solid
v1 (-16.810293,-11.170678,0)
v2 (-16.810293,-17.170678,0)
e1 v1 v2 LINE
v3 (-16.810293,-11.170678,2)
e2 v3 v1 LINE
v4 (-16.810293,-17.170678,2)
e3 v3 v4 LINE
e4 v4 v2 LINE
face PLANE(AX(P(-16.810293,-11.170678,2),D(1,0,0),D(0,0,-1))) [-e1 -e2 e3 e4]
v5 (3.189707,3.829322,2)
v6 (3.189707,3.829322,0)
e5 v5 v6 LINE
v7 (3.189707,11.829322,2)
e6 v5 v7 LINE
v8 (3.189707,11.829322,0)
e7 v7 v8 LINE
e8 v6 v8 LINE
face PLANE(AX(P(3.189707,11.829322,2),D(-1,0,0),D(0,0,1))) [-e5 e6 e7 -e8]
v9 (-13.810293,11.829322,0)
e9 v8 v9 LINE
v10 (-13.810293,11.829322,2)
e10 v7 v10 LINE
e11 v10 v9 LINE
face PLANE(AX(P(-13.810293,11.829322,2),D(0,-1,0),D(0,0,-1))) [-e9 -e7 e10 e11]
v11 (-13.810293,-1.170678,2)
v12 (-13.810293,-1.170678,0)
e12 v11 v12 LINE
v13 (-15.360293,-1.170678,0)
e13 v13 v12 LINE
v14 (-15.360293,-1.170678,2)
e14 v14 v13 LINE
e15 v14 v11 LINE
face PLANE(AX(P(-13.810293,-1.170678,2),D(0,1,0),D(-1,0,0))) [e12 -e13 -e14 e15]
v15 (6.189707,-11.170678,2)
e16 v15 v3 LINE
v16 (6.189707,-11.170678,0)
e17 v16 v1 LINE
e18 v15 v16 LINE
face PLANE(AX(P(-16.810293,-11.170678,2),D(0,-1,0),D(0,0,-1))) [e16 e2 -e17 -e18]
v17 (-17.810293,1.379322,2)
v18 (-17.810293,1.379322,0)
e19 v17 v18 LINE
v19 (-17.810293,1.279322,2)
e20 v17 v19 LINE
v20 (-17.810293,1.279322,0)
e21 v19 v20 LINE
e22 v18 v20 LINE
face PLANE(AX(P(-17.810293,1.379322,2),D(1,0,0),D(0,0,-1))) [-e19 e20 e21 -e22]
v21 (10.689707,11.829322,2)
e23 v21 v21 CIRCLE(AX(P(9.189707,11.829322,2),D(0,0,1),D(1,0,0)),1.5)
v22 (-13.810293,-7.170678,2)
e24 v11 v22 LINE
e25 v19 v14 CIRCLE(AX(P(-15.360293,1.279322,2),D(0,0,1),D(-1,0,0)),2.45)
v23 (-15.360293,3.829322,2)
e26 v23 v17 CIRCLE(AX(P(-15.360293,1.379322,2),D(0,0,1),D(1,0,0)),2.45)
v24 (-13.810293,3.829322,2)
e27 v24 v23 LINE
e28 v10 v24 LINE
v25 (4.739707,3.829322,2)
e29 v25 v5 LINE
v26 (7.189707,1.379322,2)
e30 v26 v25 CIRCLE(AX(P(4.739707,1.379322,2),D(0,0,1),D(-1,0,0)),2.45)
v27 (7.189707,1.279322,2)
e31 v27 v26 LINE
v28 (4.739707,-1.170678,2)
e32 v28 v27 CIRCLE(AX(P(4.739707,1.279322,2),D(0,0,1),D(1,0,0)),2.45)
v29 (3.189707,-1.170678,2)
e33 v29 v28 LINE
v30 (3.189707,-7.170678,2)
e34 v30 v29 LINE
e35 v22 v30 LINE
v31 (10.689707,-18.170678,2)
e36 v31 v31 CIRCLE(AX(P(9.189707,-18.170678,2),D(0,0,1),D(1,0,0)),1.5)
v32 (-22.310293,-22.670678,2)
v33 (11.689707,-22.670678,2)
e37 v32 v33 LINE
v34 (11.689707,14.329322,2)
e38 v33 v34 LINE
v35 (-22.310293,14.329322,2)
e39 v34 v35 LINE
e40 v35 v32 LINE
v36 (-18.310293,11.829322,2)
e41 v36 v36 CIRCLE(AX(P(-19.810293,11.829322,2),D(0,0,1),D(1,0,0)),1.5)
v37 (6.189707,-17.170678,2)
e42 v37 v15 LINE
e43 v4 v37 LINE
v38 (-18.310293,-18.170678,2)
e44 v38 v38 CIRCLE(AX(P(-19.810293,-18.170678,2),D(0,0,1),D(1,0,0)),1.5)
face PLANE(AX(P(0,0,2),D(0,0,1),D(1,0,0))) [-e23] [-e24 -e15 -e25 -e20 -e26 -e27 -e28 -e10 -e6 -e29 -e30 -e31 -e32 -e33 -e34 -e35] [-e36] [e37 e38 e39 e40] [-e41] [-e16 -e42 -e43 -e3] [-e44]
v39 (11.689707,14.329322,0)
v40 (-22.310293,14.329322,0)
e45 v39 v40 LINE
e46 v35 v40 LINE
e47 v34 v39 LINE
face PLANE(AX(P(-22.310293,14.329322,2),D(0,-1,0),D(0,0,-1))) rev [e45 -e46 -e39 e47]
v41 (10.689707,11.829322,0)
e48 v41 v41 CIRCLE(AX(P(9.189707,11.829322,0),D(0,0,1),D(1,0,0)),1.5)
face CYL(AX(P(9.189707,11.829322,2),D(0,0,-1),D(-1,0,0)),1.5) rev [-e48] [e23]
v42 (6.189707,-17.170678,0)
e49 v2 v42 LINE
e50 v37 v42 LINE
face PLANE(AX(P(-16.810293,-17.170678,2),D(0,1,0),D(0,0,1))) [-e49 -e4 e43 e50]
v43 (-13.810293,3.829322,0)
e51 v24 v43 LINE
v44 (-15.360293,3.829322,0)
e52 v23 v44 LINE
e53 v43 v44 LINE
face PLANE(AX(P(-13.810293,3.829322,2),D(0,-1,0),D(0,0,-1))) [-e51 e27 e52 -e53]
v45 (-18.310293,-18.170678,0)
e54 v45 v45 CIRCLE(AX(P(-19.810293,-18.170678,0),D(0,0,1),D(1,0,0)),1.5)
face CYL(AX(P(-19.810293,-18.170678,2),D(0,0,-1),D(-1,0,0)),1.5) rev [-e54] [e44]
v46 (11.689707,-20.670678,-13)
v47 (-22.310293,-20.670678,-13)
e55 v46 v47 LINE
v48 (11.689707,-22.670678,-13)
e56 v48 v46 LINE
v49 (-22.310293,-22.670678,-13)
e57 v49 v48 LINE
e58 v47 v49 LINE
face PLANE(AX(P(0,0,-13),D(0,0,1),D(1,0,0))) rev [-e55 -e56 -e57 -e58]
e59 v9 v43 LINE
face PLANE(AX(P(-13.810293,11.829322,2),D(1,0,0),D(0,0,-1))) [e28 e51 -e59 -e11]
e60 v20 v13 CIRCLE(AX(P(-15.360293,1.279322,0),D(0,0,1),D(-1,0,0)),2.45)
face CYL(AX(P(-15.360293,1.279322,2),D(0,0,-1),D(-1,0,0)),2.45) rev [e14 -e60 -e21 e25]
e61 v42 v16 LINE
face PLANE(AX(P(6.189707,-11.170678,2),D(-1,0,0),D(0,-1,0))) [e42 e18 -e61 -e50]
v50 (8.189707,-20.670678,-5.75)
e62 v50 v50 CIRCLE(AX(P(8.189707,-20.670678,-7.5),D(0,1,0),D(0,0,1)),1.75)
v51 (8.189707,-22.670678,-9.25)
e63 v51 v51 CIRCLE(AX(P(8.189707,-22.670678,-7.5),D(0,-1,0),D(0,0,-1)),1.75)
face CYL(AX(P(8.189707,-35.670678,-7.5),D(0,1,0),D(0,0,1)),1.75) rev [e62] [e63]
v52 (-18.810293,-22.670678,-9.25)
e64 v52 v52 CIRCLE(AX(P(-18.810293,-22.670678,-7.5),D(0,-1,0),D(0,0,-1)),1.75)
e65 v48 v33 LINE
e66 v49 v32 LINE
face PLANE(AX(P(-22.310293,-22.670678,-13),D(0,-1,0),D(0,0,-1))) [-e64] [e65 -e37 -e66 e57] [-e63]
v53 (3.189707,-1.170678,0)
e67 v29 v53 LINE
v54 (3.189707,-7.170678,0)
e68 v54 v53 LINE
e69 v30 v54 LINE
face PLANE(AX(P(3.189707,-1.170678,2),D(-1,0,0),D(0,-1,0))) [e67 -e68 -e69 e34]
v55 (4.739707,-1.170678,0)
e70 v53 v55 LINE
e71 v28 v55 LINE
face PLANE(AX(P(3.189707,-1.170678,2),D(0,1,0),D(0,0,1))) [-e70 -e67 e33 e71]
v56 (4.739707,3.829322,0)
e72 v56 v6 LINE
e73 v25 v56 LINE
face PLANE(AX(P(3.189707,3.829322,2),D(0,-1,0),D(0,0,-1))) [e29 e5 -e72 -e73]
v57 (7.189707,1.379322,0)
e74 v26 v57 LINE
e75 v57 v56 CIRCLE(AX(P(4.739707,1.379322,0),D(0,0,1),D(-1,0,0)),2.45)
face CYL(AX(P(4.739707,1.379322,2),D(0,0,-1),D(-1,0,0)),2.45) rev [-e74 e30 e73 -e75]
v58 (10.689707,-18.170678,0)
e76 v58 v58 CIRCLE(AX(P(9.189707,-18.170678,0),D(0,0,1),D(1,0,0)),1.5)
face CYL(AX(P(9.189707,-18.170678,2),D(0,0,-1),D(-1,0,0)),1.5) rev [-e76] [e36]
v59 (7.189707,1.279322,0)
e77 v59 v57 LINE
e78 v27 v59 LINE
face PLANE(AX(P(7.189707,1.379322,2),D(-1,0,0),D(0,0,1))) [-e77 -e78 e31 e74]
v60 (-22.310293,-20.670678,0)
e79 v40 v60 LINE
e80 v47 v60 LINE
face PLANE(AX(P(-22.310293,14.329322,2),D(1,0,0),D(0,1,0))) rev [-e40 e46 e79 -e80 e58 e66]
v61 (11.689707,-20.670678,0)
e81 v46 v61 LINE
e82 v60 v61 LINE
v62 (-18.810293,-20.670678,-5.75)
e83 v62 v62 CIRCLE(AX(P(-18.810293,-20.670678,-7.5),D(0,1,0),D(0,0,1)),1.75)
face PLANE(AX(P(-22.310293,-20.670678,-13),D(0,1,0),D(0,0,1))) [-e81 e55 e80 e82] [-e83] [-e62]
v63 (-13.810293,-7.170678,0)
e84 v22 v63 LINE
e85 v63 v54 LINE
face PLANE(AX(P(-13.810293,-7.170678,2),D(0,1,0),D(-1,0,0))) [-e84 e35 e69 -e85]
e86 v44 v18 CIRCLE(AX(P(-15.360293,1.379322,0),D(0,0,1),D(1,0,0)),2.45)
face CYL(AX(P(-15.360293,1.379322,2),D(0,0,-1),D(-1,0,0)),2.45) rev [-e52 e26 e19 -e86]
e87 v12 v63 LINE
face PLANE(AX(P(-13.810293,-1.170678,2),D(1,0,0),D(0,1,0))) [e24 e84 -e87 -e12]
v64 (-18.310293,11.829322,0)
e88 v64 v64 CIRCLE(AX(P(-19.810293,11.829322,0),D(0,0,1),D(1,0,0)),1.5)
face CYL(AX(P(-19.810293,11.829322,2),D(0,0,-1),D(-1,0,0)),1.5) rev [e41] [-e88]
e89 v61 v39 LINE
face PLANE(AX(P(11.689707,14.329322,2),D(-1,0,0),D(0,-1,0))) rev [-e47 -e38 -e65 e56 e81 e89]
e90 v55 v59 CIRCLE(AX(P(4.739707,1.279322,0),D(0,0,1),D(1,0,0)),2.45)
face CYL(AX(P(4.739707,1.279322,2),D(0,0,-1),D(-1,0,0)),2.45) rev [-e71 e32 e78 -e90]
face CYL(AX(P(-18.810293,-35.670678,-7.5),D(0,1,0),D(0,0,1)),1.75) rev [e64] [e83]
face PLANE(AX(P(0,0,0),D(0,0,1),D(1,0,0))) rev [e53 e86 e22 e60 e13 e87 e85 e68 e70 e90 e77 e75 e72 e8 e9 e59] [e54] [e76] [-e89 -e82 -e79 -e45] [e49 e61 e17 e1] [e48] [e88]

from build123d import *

# Parameters (mm, degrees)
ESBO_O1_W                = 34
ESBO_O1_H                = 35
ESBO_O1_R                = 1.5
ESBO_O1_W_2              = 23
ESBO_O1_H_2              = 6
RESSALTO_EXTRUS_O1_DEPTH = 2
ESBO_O2_W                = 34
ESBO_O2_H                = 2
RESSALTO_EXTRUS_O2_DEPTH = 15
ESBO_O3_R                = 1.75
CORTE_EXTRUS_O1_DEPTH    = 15


with BuildPart() as part:
    # Esboço1 → Ressalto-extrusão1 (new body)
    with BuildSketch(Plane.XY):
        with Locations((-5.310292873, -3.170678153)):
            Rectangle(ESBO_O1_W, ESBO_O1_H)
        with Locations((-19.810292873, 11.829321847)):
            Circle(ESBO_O1_R, mode=Mode.SUBTRACT)
        with Locations((9.189707127, 11.829321847)):
            Circle(ESBO_O1_R, mode=Mode.SUBTRACT)
        with Locations((-19.810292873, -18.170678153)):
            Circle(ESBO_O1_R, mode=Mode.SUBTRACT)
        with Locations((9.189707127, -18.170678153)):
            Circle(ESBO_O1_R, mode=Mode.SUBTRACT)
        with BuildLine():
            Line((-13.810292873, -1.170678153), (-13.810292873, -7.170678153))
            Line((-13.810292873, -7.170678153), (3.189707127, -7.170678153))
            Line((3.189707127, -7.170678153), (3.189707127, -1.170678153))
            Line((3.189707127, -1.170678153), (4.739707127, -1.170678153))
            ThreePointArc((4.739707127, -1.170678153), (6.472118741, -0.453089767), (7.189707127, 1.279321847))
            Line((7.189707127, 1.279321847), (7.189707127, 1.379321847))
            ThreePointArc((7.189707127, 1.379321847), (6.472118741, 3.11173346), (4.739707127, 3.829321847))
            Line((4.739707127, 3.829321847), (3.189707127, 3.829321847))
            Line((3.189707127, 3.829321847), (3.189707127, 11.829321847))
            Line((3.189707127, 11.829321847), (-13.810292873, 11.829321847))
            Line((-13.810292873, 11.829321847), (-13.810292873, 3.829321847))
            Line((-13.810292873, 3.829321847), (-15.360292873, 3.829321847))
            ThreePointArc((-15.360292873, 3.829321847), (-17.092704487, 3.11173346), (-17.810292873, 1.379321847))
            Line((-17.810292873, 1.379321847), (-17.810292873, 1.279321847))
            ThreePointArc((-17.810292873, 1.279321847), (-17.092704487, -0.453089767), (-15.360292873, -1.170678153))
            Line((-15.360292873, -1.170678153), (-13.810292873, -1.170678153))
        make_face(mode=Mode.SUBTRACT)
        with Locations((-5.310292873, -14.170678153)):
            Rectangle(ESBO_O1_W_2, ESBO_O1_H_2, mode=Mode.SUBTRACT)
    extrude(amount=RESSALTO_EXTRUS_O1_DEPTH)

    # Esboço2 → Ressalto-extrusão2 (add)
    with BuildSketch(Plane.XY.offset(2)):
        with Locations((-5.310292873, -21.670678153)):
            Rectangle(ESBO_O2_W, ESBO_O2_H)
    extrude(amount=-RESSALTO_EXTRUS_O2_DEPTH)

    # Esboço3 → Corte-extrusão1 (cut)
    with BuildSketch(Plane(origin=(0, -20.670678153, 0), x_dir=(1, 0, 0), z_dir=(0, 1, 0))):
        with Locations((8.189707127, 7.5)):
            Circle(ESBO_O3_R)
        with Locations((-18.810292873, 7.5)):
            Circle(ESBO_O3_R)
    extrude(amount=-CORTE_EXTRUS_O1_DEPTH, mode=Mode.SUBTRACT)


solid = part.part
